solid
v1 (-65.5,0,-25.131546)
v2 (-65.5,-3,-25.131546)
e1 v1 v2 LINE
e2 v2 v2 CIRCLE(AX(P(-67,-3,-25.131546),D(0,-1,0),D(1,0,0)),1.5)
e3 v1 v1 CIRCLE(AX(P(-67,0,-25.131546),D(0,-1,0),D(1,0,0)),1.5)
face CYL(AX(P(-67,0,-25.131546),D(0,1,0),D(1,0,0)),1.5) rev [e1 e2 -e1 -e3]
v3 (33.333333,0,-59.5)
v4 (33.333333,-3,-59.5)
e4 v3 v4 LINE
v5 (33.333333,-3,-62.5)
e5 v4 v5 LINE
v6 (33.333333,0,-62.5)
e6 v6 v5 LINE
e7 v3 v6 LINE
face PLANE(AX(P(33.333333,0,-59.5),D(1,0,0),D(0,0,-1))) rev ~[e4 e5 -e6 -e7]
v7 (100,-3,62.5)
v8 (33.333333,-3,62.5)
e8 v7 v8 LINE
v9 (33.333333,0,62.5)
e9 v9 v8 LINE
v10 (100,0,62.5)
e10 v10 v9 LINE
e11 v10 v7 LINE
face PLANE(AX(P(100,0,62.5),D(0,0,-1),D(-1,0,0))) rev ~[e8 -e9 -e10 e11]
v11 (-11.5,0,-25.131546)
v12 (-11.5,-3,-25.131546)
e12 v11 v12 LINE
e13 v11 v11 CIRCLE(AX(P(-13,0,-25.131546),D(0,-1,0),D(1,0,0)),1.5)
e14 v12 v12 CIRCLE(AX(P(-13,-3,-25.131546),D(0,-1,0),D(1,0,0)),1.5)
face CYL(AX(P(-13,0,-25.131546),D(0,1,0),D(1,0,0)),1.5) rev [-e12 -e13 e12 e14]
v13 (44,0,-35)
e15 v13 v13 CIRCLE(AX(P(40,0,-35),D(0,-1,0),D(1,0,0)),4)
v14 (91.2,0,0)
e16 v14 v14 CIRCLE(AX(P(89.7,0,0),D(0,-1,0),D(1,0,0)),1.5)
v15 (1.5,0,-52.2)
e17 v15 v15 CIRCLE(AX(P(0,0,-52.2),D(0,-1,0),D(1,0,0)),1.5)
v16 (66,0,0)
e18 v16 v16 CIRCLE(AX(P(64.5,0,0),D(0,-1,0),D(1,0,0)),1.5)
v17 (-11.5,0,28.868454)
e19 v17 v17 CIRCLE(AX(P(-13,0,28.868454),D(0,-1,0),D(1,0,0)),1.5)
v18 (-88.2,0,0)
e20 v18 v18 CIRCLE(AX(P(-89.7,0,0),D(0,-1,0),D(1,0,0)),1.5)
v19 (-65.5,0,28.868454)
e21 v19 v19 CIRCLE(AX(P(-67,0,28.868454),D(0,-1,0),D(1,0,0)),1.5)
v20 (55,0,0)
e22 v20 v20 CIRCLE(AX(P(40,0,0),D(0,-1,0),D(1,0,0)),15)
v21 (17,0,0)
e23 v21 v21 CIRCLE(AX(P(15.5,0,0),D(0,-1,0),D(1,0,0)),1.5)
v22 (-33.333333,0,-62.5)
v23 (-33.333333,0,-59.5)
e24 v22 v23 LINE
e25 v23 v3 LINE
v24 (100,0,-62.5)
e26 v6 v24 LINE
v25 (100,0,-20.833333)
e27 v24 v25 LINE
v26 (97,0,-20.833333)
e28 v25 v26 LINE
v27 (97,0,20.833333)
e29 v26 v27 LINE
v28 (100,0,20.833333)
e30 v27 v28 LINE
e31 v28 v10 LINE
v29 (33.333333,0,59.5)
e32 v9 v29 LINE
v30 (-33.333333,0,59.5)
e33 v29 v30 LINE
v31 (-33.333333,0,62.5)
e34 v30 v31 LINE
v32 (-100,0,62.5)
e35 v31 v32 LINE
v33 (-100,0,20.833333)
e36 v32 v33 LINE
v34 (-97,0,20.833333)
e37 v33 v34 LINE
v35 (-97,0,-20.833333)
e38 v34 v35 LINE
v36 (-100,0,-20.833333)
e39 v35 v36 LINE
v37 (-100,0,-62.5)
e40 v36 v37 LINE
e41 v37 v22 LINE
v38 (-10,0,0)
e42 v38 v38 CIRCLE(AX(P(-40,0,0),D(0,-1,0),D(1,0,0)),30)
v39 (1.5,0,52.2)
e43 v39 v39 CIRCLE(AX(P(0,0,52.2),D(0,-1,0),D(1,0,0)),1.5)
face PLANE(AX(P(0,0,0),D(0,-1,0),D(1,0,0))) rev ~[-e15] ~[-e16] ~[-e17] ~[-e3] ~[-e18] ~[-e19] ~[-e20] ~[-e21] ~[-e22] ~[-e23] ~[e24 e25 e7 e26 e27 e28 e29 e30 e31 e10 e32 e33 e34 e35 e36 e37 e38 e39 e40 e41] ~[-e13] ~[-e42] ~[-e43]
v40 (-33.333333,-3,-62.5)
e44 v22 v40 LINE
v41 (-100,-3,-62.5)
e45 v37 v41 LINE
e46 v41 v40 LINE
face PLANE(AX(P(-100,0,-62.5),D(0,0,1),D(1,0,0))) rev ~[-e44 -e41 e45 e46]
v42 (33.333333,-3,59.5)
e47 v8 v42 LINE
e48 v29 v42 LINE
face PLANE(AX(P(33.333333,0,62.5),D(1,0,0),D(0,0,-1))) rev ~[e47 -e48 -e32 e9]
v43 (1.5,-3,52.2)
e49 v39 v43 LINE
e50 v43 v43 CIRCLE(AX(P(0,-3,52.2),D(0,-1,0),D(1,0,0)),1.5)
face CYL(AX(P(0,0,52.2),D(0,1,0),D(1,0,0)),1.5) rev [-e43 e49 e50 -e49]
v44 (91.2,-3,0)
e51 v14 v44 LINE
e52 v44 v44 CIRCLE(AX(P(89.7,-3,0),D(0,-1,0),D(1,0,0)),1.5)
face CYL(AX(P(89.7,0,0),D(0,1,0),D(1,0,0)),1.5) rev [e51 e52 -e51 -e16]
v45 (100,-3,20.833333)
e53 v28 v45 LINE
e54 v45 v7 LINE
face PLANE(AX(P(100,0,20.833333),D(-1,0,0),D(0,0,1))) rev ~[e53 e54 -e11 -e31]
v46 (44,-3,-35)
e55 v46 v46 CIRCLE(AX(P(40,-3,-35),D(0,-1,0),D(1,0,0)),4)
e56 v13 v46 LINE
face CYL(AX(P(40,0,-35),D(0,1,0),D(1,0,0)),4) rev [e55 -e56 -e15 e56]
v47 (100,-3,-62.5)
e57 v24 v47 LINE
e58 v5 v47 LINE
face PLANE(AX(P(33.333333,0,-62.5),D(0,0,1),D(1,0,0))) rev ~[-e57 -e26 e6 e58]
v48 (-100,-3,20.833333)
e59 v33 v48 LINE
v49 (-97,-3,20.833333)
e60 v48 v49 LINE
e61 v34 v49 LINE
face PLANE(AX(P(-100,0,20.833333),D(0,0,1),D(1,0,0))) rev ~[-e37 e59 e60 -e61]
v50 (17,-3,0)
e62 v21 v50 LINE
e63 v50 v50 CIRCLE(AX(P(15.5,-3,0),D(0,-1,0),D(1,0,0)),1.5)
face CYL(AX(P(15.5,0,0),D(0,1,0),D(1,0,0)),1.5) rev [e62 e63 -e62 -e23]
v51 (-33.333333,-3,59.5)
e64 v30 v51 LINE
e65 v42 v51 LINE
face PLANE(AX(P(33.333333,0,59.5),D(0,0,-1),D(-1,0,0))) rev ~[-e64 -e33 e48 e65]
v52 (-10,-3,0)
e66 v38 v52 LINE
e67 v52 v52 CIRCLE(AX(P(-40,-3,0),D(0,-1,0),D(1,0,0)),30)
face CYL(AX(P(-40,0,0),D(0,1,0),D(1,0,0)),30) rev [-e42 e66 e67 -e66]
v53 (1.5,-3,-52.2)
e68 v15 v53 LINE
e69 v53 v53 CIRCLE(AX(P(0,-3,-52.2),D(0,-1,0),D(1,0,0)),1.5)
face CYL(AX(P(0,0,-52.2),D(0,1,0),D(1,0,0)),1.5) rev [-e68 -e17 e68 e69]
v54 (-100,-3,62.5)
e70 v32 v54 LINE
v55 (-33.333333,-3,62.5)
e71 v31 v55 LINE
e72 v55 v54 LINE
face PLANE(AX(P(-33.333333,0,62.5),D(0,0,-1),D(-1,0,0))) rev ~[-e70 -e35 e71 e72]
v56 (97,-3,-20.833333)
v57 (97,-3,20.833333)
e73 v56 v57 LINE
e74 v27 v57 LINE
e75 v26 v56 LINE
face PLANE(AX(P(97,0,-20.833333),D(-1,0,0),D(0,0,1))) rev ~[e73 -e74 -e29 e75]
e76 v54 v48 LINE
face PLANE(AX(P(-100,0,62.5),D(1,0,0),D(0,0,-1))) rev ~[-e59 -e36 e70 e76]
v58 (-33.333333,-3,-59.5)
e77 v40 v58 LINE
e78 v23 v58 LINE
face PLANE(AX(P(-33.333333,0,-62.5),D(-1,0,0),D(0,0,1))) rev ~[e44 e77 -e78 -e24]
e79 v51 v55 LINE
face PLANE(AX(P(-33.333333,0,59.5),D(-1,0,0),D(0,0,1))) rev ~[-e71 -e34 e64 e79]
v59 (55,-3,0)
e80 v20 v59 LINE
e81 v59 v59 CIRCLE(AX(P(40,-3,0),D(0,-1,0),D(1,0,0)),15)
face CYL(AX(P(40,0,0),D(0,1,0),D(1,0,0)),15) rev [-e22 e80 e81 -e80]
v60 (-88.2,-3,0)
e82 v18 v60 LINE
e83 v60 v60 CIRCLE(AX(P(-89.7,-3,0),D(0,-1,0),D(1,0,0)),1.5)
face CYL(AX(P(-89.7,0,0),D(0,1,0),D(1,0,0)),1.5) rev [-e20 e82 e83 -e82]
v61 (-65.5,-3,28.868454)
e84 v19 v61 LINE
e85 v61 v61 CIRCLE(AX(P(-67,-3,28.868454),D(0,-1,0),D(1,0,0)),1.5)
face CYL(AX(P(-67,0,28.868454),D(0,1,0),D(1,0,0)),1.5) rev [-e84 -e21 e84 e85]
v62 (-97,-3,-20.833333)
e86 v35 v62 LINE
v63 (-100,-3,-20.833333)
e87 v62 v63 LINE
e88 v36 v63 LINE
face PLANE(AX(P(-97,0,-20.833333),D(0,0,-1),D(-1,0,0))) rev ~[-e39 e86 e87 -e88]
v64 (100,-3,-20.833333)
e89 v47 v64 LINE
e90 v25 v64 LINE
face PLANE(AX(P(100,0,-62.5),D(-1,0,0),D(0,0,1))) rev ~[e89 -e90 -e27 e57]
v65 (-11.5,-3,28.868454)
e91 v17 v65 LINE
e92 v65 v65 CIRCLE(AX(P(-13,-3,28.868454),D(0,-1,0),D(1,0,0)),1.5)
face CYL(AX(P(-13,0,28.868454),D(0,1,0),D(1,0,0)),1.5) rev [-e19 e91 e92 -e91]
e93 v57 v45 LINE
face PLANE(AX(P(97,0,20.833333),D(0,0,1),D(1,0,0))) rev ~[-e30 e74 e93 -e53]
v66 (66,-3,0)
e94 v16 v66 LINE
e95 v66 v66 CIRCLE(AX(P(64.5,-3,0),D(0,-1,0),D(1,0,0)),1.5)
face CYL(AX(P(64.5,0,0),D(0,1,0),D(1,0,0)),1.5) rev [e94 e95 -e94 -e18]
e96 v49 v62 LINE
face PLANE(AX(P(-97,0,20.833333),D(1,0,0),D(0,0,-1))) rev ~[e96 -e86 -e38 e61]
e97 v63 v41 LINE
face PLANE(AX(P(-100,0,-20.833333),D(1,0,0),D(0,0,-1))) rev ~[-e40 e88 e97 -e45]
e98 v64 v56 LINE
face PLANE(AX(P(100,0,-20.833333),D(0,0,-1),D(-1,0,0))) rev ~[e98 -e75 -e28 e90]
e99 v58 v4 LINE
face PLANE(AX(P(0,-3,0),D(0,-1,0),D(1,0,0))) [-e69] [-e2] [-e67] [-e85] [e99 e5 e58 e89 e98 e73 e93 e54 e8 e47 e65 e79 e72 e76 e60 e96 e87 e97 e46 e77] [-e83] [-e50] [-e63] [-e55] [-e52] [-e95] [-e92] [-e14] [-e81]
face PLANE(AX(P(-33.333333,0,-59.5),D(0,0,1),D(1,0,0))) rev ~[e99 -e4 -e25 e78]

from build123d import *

# Parameters (mm, degrees)
F0_R     = 1.5
F0_R_2   = 4
F0_R_3   = 30
F0_R_4   = 15
F1_DEPTH = 3


with BuildPart() as f1:
    # F0 (on Front) → F1 (new body)
    with BuildSketch(Plane.XZ):
        Polygon((-100, -20.833333), (-100, -62.5), (-33.333333, -62.5), (-33.333333, -59.5), (33.333333, -59.5), (33.333333, -62.5), (100, -62.5), (100, -20.833333), (97, -20.833333), (97, 20.833333), (100, 20.833333), (100, 62.5), (33.333333, 62.5), (33.333333, 59.5), (-33.333333, 59.5), (-33.333333, 62.5), (-100, 62.5), (-100, 20.833333), (-97, 20.833333), (-97, -20.833333), align=None)
        with Locations((-67, -25.131546)):
            Circle(F0_R, mode=Mode.SUBTRACT)
        with Locations((-13, -25.131546)):
            Circle(F0_R, mode=Mode.SUBTRACT)
        with Locations((0, -52.2)):
            Circle(F0_R, mode=Mode.SUBTRACT)
        with Locations((40, -35)):
            Circle(F0_R_2, mode=Mode.SUBTRACT)
        with Locations((-89.7, 0)):
            Circle(F0_R, mode=Mode.SUBTRACT)
        with Locations((-67, 28.868454)):
            Circle(F0_R, mode=Mode.SUBTRACT)
        with Locations((-40, 0)):
            Circle(F0_R_3, mode=Mode.SUBTRACT)
        with Locations((-13, 28.868454)):
            Circle(F0_R, mode=Mode.SUBTRACT)
        with Locations((15.5, 0)):
            Circle(F0_R, mode=Mode.SUBTRACT)
        with Locations((40, 0)):
            Circle(F0_R_4, mode=Mode.SUBTRACT)
        with Locations((64.5, 0)):
            Circle(F0_R, mode=Mode.SUBTRACT)
        with Locations((89.7, 0)):
            Circle(F0_R, mode=Mode.SUBTRACT)
        with Locations((0, 52.2)):
            Circle(F0_R, mode=Mode.SUBTRACT)
    extrude(amount=F1_DEPTH)


with BuildPart() as f2_1:
    # F2: copy of F1
    add(f1.part.moved(Location((0, 60, 0))))


solid = f1.part
